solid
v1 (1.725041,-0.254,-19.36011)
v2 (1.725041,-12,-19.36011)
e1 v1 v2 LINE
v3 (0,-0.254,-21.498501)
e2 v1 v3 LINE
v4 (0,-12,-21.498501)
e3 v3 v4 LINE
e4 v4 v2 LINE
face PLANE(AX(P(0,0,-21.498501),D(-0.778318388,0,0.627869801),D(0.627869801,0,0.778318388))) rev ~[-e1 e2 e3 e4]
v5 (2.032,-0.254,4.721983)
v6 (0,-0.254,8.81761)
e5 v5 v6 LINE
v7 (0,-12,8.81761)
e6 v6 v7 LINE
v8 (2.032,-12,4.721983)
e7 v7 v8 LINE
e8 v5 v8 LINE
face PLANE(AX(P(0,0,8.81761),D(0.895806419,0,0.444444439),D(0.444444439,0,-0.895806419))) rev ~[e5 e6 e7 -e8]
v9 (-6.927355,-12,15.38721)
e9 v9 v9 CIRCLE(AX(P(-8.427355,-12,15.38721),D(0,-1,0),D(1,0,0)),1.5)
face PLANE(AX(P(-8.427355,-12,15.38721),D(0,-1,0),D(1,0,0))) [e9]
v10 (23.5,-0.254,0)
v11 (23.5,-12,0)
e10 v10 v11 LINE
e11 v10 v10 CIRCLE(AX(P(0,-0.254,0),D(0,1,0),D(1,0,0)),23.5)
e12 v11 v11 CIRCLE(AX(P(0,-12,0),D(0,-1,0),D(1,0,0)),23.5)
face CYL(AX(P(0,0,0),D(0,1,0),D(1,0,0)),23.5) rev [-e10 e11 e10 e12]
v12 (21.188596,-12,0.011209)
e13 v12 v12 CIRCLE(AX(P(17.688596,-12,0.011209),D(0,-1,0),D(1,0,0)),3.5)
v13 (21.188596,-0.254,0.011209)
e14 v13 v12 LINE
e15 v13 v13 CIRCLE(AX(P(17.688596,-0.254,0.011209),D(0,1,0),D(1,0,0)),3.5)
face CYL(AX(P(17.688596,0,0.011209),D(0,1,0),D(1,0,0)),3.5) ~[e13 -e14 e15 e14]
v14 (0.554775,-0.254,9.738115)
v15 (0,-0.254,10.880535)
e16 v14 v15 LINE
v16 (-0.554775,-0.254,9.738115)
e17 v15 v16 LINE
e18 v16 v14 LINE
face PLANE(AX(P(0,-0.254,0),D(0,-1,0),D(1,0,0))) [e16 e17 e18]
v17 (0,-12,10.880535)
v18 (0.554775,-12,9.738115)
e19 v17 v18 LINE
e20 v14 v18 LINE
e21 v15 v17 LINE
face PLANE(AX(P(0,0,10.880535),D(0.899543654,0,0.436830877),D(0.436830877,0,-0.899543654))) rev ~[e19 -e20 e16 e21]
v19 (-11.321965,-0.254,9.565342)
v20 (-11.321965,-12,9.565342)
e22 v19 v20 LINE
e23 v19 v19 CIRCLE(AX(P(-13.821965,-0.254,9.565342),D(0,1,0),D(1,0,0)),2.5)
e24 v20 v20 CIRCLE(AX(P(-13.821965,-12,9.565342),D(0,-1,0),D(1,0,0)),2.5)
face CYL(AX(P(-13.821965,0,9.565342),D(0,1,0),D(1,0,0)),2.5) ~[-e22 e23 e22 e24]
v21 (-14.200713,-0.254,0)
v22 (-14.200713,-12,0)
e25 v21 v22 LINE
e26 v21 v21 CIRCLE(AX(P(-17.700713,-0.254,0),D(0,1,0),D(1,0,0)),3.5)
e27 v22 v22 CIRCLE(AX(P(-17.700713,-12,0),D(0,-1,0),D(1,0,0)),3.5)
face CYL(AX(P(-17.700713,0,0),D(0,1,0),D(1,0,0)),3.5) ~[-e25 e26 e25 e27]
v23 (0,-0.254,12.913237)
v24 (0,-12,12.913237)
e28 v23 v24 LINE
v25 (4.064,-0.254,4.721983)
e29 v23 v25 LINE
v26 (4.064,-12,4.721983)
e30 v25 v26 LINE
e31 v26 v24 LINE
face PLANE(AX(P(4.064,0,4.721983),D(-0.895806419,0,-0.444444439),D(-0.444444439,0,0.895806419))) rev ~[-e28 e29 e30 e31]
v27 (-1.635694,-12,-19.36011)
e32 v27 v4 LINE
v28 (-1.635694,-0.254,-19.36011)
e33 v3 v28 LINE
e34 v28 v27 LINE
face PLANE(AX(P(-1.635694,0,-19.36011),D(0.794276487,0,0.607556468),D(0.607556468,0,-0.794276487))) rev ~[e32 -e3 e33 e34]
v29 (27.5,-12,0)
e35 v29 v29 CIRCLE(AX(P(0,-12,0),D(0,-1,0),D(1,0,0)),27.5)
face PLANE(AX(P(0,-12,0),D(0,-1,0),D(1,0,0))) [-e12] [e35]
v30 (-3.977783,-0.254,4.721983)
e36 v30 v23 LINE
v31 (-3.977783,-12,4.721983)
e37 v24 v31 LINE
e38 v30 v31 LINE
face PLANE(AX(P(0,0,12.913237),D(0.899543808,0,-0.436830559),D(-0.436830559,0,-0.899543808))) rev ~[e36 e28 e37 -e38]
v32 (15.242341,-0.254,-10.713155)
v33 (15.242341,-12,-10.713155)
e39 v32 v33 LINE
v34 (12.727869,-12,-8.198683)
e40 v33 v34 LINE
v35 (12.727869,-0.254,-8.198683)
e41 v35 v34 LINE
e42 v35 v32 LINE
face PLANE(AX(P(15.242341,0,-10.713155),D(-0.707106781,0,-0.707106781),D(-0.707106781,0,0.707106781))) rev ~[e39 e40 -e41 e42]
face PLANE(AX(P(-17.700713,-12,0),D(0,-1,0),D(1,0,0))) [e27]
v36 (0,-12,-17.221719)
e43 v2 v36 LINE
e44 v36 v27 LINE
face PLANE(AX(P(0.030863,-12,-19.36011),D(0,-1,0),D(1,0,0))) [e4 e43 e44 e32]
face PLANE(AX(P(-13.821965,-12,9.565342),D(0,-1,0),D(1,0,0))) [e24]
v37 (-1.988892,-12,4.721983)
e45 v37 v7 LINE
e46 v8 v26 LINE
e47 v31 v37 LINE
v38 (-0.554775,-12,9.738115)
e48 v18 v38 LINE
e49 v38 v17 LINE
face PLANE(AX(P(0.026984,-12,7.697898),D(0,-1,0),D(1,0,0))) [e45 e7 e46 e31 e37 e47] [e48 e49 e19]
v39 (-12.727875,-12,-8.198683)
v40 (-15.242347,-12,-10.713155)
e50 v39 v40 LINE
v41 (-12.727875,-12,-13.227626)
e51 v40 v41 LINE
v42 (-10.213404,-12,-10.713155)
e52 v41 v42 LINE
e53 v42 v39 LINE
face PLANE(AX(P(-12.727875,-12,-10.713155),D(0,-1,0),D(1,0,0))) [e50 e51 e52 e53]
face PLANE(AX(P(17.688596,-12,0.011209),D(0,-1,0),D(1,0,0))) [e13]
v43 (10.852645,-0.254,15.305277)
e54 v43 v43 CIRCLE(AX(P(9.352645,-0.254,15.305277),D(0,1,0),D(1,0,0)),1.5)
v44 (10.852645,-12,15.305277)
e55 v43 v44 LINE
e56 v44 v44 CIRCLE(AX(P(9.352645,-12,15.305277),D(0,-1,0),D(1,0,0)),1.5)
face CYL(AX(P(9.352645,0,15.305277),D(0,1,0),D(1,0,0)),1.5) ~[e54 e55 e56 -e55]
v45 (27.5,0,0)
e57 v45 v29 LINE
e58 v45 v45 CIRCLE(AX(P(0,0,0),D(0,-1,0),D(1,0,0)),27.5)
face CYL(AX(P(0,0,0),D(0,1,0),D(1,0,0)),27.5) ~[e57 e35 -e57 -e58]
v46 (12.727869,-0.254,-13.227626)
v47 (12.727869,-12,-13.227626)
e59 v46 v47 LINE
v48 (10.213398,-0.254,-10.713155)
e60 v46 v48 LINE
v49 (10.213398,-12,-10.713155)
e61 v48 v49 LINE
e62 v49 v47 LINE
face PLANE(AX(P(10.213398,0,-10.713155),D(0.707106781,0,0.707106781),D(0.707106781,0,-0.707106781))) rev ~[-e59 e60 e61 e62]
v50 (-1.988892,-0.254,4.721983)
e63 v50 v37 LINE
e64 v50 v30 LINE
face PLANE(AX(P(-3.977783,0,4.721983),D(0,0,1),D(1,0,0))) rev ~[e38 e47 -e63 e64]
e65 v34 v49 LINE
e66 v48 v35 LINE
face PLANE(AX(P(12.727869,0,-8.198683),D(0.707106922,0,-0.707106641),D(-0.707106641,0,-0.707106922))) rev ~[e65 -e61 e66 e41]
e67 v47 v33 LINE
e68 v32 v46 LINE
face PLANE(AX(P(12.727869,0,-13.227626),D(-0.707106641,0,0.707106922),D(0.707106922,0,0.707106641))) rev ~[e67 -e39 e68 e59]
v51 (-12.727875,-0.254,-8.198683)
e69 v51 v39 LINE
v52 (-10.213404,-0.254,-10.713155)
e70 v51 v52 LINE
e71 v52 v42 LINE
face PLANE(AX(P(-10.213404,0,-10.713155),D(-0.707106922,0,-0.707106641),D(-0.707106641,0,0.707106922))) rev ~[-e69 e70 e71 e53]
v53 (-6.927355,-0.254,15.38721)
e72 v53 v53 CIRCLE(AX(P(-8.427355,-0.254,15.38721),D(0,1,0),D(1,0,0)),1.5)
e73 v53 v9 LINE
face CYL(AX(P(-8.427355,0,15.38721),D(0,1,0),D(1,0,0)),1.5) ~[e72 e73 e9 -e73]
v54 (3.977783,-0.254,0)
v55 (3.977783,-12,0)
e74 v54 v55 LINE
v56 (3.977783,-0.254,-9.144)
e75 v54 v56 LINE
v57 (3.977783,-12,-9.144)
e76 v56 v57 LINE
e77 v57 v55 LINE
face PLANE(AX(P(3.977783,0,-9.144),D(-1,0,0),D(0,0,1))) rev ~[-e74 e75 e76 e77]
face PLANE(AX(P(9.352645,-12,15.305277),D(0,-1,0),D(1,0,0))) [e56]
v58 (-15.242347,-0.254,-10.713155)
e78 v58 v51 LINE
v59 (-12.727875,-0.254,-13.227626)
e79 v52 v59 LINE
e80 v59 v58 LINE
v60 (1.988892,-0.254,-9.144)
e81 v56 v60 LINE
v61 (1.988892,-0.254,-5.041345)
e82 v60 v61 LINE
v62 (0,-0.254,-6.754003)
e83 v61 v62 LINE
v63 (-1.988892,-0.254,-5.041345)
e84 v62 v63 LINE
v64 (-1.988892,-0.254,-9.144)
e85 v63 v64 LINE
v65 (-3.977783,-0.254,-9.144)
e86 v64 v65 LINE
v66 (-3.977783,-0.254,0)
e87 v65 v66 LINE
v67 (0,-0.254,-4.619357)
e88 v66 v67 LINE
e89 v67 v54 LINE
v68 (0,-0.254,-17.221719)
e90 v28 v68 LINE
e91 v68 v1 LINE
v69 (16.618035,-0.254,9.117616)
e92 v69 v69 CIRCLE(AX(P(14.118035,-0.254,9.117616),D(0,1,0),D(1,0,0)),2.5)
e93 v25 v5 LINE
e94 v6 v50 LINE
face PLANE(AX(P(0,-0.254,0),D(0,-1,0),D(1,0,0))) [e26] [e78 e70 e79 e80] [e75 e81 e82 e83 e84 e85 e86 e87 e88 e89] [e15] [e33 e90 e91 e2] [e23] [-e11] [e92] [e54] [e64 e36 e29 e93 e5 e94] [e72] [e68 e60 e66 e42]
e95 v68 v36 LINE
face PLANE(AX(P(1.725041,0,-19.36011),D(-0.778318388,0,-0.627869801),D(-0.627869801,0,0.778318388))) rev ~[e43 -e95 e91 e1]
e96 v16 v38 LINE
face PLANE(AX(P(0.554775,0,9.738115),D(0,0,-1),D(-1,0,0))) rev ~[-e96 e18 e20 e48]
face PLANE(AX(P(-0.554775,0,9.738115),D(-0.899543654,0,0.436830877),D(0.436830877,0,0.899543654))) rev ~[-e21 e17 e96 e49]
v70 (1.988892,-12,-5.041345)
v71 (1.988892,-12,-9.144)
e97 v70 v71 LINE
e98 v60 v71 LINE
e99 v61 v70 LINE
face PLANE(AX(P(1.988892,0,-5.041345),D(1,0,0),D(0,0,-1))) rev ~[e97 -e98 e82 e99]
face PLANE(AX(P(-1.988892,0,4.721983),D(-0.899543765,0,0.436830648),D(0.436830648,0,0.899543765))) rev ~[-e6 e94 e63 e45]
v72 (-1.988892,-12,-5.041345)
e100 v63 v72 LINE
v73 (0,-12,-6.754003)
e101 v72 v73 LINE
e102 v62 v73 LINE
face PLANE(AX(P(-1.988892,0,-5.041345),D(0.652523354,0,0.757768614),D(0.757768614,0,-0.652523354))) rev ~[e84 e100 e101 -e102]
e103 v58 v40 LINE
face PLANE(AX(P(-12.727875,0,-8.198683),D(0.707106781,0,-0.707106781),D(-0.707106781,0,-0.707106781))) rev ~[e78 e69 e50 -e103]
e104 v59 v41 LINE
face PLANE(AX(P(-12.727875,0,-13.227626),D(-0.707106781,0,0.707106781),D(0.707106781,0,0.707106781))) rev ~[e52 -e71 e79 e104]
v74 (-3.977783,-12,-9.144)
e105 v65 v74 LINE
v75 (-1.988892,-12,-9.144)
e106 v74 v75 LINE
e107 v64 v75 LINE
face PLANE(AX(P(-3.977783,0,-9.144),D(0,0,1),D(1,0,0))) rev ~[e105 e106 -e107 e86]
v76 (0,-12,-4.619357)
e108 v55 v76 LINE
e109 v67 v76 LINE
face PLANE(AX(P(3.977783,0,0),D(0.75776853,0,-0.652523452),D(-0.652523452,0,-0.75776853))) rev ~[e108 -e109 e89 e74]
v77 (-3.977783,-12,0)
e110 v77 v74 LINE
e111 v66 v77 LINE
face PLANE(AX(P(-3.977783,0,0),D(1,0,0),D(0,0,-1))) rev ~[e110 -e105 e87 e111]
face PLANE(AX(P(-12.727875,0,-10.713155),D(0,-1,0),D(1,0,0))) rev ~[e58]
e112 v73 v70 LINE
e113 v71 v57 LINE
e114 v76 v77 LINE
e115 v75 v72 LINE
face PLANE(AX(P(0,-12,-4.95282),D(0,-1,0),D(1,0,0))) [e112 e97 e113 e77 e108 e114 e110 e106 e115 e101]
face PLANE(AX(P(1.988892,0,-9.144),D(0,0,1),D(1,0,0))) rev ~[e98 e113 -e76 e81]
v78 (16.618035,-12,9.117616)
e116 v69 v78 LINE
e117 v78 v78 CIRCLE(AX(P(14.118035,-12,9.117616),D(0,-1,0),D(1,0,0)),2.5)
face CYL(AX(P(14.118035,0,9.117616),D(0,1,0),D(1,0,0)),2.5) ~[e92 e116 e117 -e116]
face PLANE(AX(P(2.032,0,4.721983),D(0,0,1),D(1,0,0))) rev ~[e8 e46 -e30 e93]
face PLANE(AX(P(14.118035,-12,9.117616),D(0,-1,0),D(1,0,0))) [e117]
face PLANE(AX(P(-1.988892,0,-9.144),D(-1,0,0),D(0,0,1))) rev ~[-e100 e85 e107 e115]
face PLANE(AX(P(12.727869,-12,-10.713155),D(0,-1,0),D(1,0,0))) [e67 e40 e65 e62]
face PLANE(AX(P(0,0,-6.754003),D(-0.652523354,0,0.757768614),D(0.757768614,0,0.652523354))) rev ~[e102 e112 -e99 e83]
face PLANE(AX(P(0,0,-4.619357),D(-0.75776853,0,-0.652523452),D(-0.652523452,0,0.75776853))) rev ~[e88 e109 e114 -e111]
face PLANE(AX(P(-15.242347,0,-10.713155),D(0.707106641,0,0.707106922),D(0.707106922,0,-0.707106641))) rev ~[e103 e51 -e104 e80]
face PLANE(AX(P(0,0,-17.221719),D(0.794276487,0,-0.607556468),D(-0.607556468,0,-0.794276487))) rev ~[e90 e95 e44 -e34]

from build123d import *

# Parameters (mm, degrees)
F0_R     = 27.5
F0_R_2   = 23.5
F1_DEPTH = 12
F2_R     = 27.467617
F3_DEPTH = 0.254
F4_R     = 3.5
F4_R_2   = 2.5
F4_R_3   = 1.5
F5_DEPTH = 12
F7_DEPTH = 12
F9_DEPTH = 12


with BuildPart() as f1:
    # F0 (on Front) → F1 (new body)
    with BuildSketch(Plane.XZ):
        Circle(F0_R)
        Circle(F0_R_2, mode=Mode.SUBTRACT)
    extrude(amount=F1_DEPTH)

    # F2 (on Front) → F3 (join)
    with BuildSketch(Plane.XZ):
        Circle(F2_R)
    extrude(amount=F3_DEPTH)

    # F4 (on Front) → F5 (join)
    with BuildSketch(Plane.XZ):
        with Locations((17.688596, 0.011209)):
            Circle(F4_R)
        with Locations((-17.700713, 0)):
            Circle(F4_R)
        with Locations((-13.821965, 9.565342)):
            Circle(F4_R_2)
        with Locations((-8.427355, 15.38721)):
            Circle(F4_R_3)
        with Locations((9.352645, 15.305277)):
            Circle(F4_R_3)
        with Locations((14.118035, 9.117616)):
            Circle(F4_R_2)
    extrude(amount=F5_DEPTH)

    # F6 (on Front) → F7 (join)
    with BuildSketch(Plane.XZ):
        Polygon((4.064, 4.721983), (0, 12.913237), (-3.977783, 4.721983), (-1.988892, 4.721983), (0, 8.81761), (2.032, 4.721983), align=None)
        Polygon((-0.554775, 9.738115), (0, 10.880535), (0.554775, 9.738115), align=None, mode=Mode.SUBTRACT)
        Polygon((0, -4.619357), (-3.977783, 0), (-3.977783, -9.144), (-1.988892, -9.144), (-1.988892, -5.041345), (0, -6.754003), (1.988892, -5.041345), (1.988892, -9.144), (3.977783, -9.144), (3.977783, 0), align=None)
    extrude(amount=F7_DEPTH)

    # F8 (on Front) → F9 (join)
    with BuildSketch(Plane.XZ):
        Polygon((-10.213404, -10.713155), (-12.727875, -8.198683), (-15.242347, -10.713155), (-12.727875, -13.227626), align=None)
        Polygon((12.727869, -8.198683), (10.213398, -10.713155), (12.727869, -13.227626), (15.242341, -10.713155), align=None)
        Polygon((1.725041, -19.36011), (0, -17.221719), (-1.635694, -19.36011), (0, -21.498501), align=None)
    extrude(amount=F9_DEPTH)


solid = f1.part
